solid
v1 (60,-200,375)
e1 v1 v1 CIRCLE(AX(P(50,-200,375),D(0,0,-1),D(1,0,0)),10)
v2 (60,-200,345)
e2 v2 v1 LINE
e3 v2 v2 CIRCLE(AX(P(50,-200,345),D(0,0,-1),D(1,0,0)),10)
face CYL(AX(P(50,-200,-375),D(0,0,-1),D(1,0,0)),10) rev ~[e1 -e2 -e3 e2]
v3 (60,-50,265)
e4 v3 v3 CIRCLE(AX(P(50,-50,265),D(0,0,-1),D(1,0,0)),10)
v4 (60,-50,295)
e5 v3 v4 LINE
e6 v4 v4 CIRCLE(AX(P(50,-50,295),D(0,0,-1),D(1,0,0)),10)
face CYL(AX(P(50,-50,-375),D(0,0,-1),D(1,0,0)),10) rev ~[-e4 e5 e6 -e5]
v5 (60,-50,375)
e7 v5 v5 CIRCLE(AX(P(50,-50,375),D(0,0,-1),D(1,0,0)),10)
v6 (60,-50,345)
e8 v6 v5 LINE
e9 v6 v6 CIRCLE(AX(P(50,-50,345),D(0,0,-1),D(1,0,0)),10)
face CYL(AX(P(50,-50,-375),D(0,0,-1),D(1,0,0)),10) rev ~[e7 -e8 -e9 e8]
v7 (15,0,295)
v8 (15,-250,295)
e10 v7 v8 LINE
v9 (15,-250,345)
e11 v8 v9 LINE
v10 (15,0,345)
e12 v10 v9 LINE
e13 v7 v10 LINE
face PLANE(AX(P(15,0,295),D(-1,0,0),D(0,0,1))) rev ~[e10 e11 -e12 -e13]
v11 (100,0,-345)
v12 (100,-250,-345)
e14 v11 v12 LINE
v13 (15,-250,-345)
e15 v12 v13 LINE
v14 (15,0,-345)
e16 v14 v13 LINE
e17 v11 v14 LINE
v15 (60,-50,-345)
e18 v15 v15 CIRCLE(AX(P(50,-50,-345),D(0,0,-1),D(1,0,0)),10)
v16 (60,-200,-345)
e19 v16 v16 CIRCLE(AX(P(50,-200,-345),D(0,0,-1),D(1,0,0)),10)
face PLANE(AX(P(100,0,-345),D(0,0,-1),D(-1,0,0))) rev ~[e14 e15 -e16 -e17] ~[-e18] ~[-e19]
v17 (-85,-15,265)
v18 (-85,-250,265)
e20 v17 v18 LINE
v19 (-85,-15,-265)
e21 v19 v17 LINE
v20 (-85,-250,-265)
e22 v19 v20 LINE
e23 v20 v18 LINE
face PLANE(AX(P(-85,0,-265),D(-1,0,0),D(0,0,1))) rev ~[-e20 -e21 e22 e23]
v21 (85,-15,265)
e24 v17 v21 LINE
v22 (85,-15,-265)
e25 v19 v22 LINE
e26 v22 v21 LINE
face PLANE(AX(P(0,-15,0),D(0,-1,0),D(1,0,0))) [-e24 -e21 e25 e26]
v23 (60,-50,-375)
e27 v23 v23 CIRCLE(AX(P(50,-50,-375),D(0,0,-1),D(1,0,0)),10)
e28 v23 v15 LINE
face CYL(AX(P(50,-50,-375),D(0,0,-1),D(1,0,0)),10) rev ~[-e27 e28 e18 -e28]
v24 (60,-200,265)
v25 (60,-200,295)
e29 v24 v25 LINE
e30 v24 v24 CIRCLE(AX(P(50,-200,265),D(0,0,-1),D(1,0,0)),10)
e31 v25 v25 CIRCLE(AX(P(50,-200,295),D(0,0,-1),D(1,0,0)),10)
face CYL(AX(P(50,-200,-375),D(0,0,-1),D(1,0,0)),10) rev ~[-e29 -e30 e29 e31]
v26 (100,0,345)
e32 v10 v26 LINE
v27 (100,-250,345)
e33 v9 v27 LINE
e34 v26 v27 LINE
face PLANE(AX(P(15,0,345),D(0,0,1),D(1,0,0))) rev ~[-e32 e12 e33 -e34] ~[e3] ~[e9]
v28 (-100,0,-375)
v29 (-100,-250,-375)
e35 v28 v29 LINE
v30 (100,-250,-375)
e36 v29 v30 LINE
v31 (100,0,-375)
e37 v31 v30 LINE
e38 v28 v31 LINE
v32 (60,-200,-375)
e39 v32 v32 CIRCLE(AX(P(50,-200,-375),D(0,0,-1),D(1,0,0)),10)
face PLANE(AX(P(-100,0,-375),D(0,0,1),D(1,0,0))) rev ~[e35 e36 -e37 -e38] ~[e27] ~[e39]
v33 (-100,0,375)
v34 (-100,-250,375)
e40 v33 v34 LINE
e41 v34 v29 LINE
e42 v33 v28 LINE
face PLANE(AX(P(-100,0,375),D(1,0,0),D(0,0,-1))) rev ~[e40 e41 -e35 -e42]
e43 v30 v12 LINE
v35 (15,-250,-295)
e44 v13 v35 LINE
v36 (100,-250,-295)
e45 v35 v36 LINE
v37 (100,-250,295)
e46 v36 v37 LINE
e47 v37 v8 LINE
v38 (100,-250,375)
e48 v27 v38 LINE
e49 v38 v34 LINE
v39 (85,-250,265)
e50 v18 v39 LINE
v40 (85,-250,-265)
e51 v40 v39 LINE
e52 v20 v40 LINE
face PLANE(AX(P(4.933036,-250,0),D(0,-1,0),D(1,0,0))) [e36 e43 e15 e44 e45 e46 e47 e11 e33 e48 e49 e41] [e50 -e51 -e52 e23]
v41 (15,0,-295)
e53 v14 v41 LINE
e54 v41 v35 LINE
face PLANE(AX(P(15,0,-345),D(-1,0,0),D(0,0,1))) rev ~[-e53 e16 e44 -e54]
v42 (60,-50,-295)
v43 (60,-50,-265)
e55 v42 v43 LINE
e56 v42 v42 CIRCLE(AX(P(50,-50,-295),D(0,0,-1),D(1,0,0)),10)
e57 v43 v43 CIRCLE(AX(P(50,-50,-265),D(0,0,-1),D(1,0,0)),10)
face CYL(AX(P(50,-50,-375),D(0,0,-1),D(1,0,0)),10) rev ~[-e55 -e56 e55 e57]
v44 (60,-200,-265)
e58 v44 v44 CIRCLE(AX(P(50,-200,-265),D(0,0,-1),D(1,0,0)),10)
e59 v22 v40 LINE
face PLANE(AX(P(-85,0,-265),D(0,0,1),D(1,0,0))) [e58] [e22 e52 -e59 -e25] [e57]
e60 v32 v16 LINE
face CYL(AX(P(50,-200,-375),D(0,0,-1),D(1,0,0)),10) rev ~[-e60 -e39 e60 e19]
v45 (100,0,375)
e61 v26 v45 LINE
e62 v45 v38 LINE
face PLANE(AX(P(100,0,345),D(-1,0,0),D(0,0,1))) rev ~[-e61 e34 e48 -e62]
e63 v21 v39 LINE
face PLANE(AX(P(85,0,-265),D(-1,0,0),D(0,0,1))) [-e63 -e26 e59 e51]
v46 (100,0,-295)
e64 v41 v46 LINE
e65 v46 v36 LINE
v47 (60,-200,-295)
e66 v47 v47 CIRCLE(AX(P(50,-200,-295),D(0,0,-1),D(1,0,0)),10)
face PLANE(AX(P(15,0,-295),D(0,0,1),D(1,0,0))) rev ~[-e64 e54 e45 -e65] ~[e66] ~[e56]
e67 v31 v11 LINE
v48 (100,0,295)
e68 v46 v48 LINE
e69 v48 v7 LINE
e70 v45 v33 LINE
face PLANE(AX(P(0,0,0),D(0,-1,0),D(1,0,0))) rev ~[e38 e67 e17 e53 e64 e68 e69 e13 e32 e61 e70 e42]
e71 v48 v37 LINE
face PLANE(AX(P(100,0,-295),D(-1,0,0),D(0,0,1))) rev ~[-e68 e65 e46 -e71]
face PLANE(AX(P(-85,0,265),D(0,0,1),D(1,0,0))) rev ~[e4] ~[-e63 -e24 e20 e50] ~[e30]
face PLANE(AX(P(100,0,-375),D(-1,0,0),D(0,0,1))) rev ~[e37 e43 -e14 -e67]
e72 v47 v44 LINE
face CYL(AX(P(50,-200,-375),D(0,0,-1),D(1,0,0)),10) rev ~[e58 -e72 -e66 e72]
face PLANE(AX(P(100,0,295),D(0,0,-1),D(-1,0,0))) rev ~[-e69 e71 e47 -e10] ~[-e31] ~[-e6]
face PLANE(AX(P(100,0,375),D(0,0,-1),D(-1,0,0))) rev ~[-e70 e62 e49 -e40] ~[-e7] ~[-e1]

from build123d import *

# Parameters (mm, degrees)
F0_W     = 170
F0_H     = 530
F1_DEPTH = 250
F2_DEPTH = 15
F3_R     = 10
F4_DEPTH = 750


with BuildPart() as f1:
    # F0 (on Front) → F1 (new body)
    with BuildSketch(Plane.XZ):
        Polygon((100, 345), (100, 375), (-100, 375), (-100, -375), (100, -375), (100, -345), (15, -345), (15, -295), (100, -295), (100, 295), (15, 295), (15, 345), align=None)
        Rectangle(F0_W, F0_H, mode=Mode.SUBTRACT)
    extrude(amount=F1_DEPTH)

    # F0 (on Front) → F2 (join)
    with BuildSketch(Plane.XZ):
        Rectangle(F0_W, F0_H)
    extrude(amount=F2_DEPTH)

    # F3 (on face) → F4 (cut)
    with BuildSketch(Plane(origin=(0, 0, -375), x_dir=(1, 0, 0), z_dir=(0, 0, -1))):
        with Locations((50, 200)):
            Circle(F3_R)
        with Locations((50, 50)):
            Circle(F3_R)
    extrude(amount=-F4_DEPTH, mode=Mode.SUBTRACT)


solid = f1.part
